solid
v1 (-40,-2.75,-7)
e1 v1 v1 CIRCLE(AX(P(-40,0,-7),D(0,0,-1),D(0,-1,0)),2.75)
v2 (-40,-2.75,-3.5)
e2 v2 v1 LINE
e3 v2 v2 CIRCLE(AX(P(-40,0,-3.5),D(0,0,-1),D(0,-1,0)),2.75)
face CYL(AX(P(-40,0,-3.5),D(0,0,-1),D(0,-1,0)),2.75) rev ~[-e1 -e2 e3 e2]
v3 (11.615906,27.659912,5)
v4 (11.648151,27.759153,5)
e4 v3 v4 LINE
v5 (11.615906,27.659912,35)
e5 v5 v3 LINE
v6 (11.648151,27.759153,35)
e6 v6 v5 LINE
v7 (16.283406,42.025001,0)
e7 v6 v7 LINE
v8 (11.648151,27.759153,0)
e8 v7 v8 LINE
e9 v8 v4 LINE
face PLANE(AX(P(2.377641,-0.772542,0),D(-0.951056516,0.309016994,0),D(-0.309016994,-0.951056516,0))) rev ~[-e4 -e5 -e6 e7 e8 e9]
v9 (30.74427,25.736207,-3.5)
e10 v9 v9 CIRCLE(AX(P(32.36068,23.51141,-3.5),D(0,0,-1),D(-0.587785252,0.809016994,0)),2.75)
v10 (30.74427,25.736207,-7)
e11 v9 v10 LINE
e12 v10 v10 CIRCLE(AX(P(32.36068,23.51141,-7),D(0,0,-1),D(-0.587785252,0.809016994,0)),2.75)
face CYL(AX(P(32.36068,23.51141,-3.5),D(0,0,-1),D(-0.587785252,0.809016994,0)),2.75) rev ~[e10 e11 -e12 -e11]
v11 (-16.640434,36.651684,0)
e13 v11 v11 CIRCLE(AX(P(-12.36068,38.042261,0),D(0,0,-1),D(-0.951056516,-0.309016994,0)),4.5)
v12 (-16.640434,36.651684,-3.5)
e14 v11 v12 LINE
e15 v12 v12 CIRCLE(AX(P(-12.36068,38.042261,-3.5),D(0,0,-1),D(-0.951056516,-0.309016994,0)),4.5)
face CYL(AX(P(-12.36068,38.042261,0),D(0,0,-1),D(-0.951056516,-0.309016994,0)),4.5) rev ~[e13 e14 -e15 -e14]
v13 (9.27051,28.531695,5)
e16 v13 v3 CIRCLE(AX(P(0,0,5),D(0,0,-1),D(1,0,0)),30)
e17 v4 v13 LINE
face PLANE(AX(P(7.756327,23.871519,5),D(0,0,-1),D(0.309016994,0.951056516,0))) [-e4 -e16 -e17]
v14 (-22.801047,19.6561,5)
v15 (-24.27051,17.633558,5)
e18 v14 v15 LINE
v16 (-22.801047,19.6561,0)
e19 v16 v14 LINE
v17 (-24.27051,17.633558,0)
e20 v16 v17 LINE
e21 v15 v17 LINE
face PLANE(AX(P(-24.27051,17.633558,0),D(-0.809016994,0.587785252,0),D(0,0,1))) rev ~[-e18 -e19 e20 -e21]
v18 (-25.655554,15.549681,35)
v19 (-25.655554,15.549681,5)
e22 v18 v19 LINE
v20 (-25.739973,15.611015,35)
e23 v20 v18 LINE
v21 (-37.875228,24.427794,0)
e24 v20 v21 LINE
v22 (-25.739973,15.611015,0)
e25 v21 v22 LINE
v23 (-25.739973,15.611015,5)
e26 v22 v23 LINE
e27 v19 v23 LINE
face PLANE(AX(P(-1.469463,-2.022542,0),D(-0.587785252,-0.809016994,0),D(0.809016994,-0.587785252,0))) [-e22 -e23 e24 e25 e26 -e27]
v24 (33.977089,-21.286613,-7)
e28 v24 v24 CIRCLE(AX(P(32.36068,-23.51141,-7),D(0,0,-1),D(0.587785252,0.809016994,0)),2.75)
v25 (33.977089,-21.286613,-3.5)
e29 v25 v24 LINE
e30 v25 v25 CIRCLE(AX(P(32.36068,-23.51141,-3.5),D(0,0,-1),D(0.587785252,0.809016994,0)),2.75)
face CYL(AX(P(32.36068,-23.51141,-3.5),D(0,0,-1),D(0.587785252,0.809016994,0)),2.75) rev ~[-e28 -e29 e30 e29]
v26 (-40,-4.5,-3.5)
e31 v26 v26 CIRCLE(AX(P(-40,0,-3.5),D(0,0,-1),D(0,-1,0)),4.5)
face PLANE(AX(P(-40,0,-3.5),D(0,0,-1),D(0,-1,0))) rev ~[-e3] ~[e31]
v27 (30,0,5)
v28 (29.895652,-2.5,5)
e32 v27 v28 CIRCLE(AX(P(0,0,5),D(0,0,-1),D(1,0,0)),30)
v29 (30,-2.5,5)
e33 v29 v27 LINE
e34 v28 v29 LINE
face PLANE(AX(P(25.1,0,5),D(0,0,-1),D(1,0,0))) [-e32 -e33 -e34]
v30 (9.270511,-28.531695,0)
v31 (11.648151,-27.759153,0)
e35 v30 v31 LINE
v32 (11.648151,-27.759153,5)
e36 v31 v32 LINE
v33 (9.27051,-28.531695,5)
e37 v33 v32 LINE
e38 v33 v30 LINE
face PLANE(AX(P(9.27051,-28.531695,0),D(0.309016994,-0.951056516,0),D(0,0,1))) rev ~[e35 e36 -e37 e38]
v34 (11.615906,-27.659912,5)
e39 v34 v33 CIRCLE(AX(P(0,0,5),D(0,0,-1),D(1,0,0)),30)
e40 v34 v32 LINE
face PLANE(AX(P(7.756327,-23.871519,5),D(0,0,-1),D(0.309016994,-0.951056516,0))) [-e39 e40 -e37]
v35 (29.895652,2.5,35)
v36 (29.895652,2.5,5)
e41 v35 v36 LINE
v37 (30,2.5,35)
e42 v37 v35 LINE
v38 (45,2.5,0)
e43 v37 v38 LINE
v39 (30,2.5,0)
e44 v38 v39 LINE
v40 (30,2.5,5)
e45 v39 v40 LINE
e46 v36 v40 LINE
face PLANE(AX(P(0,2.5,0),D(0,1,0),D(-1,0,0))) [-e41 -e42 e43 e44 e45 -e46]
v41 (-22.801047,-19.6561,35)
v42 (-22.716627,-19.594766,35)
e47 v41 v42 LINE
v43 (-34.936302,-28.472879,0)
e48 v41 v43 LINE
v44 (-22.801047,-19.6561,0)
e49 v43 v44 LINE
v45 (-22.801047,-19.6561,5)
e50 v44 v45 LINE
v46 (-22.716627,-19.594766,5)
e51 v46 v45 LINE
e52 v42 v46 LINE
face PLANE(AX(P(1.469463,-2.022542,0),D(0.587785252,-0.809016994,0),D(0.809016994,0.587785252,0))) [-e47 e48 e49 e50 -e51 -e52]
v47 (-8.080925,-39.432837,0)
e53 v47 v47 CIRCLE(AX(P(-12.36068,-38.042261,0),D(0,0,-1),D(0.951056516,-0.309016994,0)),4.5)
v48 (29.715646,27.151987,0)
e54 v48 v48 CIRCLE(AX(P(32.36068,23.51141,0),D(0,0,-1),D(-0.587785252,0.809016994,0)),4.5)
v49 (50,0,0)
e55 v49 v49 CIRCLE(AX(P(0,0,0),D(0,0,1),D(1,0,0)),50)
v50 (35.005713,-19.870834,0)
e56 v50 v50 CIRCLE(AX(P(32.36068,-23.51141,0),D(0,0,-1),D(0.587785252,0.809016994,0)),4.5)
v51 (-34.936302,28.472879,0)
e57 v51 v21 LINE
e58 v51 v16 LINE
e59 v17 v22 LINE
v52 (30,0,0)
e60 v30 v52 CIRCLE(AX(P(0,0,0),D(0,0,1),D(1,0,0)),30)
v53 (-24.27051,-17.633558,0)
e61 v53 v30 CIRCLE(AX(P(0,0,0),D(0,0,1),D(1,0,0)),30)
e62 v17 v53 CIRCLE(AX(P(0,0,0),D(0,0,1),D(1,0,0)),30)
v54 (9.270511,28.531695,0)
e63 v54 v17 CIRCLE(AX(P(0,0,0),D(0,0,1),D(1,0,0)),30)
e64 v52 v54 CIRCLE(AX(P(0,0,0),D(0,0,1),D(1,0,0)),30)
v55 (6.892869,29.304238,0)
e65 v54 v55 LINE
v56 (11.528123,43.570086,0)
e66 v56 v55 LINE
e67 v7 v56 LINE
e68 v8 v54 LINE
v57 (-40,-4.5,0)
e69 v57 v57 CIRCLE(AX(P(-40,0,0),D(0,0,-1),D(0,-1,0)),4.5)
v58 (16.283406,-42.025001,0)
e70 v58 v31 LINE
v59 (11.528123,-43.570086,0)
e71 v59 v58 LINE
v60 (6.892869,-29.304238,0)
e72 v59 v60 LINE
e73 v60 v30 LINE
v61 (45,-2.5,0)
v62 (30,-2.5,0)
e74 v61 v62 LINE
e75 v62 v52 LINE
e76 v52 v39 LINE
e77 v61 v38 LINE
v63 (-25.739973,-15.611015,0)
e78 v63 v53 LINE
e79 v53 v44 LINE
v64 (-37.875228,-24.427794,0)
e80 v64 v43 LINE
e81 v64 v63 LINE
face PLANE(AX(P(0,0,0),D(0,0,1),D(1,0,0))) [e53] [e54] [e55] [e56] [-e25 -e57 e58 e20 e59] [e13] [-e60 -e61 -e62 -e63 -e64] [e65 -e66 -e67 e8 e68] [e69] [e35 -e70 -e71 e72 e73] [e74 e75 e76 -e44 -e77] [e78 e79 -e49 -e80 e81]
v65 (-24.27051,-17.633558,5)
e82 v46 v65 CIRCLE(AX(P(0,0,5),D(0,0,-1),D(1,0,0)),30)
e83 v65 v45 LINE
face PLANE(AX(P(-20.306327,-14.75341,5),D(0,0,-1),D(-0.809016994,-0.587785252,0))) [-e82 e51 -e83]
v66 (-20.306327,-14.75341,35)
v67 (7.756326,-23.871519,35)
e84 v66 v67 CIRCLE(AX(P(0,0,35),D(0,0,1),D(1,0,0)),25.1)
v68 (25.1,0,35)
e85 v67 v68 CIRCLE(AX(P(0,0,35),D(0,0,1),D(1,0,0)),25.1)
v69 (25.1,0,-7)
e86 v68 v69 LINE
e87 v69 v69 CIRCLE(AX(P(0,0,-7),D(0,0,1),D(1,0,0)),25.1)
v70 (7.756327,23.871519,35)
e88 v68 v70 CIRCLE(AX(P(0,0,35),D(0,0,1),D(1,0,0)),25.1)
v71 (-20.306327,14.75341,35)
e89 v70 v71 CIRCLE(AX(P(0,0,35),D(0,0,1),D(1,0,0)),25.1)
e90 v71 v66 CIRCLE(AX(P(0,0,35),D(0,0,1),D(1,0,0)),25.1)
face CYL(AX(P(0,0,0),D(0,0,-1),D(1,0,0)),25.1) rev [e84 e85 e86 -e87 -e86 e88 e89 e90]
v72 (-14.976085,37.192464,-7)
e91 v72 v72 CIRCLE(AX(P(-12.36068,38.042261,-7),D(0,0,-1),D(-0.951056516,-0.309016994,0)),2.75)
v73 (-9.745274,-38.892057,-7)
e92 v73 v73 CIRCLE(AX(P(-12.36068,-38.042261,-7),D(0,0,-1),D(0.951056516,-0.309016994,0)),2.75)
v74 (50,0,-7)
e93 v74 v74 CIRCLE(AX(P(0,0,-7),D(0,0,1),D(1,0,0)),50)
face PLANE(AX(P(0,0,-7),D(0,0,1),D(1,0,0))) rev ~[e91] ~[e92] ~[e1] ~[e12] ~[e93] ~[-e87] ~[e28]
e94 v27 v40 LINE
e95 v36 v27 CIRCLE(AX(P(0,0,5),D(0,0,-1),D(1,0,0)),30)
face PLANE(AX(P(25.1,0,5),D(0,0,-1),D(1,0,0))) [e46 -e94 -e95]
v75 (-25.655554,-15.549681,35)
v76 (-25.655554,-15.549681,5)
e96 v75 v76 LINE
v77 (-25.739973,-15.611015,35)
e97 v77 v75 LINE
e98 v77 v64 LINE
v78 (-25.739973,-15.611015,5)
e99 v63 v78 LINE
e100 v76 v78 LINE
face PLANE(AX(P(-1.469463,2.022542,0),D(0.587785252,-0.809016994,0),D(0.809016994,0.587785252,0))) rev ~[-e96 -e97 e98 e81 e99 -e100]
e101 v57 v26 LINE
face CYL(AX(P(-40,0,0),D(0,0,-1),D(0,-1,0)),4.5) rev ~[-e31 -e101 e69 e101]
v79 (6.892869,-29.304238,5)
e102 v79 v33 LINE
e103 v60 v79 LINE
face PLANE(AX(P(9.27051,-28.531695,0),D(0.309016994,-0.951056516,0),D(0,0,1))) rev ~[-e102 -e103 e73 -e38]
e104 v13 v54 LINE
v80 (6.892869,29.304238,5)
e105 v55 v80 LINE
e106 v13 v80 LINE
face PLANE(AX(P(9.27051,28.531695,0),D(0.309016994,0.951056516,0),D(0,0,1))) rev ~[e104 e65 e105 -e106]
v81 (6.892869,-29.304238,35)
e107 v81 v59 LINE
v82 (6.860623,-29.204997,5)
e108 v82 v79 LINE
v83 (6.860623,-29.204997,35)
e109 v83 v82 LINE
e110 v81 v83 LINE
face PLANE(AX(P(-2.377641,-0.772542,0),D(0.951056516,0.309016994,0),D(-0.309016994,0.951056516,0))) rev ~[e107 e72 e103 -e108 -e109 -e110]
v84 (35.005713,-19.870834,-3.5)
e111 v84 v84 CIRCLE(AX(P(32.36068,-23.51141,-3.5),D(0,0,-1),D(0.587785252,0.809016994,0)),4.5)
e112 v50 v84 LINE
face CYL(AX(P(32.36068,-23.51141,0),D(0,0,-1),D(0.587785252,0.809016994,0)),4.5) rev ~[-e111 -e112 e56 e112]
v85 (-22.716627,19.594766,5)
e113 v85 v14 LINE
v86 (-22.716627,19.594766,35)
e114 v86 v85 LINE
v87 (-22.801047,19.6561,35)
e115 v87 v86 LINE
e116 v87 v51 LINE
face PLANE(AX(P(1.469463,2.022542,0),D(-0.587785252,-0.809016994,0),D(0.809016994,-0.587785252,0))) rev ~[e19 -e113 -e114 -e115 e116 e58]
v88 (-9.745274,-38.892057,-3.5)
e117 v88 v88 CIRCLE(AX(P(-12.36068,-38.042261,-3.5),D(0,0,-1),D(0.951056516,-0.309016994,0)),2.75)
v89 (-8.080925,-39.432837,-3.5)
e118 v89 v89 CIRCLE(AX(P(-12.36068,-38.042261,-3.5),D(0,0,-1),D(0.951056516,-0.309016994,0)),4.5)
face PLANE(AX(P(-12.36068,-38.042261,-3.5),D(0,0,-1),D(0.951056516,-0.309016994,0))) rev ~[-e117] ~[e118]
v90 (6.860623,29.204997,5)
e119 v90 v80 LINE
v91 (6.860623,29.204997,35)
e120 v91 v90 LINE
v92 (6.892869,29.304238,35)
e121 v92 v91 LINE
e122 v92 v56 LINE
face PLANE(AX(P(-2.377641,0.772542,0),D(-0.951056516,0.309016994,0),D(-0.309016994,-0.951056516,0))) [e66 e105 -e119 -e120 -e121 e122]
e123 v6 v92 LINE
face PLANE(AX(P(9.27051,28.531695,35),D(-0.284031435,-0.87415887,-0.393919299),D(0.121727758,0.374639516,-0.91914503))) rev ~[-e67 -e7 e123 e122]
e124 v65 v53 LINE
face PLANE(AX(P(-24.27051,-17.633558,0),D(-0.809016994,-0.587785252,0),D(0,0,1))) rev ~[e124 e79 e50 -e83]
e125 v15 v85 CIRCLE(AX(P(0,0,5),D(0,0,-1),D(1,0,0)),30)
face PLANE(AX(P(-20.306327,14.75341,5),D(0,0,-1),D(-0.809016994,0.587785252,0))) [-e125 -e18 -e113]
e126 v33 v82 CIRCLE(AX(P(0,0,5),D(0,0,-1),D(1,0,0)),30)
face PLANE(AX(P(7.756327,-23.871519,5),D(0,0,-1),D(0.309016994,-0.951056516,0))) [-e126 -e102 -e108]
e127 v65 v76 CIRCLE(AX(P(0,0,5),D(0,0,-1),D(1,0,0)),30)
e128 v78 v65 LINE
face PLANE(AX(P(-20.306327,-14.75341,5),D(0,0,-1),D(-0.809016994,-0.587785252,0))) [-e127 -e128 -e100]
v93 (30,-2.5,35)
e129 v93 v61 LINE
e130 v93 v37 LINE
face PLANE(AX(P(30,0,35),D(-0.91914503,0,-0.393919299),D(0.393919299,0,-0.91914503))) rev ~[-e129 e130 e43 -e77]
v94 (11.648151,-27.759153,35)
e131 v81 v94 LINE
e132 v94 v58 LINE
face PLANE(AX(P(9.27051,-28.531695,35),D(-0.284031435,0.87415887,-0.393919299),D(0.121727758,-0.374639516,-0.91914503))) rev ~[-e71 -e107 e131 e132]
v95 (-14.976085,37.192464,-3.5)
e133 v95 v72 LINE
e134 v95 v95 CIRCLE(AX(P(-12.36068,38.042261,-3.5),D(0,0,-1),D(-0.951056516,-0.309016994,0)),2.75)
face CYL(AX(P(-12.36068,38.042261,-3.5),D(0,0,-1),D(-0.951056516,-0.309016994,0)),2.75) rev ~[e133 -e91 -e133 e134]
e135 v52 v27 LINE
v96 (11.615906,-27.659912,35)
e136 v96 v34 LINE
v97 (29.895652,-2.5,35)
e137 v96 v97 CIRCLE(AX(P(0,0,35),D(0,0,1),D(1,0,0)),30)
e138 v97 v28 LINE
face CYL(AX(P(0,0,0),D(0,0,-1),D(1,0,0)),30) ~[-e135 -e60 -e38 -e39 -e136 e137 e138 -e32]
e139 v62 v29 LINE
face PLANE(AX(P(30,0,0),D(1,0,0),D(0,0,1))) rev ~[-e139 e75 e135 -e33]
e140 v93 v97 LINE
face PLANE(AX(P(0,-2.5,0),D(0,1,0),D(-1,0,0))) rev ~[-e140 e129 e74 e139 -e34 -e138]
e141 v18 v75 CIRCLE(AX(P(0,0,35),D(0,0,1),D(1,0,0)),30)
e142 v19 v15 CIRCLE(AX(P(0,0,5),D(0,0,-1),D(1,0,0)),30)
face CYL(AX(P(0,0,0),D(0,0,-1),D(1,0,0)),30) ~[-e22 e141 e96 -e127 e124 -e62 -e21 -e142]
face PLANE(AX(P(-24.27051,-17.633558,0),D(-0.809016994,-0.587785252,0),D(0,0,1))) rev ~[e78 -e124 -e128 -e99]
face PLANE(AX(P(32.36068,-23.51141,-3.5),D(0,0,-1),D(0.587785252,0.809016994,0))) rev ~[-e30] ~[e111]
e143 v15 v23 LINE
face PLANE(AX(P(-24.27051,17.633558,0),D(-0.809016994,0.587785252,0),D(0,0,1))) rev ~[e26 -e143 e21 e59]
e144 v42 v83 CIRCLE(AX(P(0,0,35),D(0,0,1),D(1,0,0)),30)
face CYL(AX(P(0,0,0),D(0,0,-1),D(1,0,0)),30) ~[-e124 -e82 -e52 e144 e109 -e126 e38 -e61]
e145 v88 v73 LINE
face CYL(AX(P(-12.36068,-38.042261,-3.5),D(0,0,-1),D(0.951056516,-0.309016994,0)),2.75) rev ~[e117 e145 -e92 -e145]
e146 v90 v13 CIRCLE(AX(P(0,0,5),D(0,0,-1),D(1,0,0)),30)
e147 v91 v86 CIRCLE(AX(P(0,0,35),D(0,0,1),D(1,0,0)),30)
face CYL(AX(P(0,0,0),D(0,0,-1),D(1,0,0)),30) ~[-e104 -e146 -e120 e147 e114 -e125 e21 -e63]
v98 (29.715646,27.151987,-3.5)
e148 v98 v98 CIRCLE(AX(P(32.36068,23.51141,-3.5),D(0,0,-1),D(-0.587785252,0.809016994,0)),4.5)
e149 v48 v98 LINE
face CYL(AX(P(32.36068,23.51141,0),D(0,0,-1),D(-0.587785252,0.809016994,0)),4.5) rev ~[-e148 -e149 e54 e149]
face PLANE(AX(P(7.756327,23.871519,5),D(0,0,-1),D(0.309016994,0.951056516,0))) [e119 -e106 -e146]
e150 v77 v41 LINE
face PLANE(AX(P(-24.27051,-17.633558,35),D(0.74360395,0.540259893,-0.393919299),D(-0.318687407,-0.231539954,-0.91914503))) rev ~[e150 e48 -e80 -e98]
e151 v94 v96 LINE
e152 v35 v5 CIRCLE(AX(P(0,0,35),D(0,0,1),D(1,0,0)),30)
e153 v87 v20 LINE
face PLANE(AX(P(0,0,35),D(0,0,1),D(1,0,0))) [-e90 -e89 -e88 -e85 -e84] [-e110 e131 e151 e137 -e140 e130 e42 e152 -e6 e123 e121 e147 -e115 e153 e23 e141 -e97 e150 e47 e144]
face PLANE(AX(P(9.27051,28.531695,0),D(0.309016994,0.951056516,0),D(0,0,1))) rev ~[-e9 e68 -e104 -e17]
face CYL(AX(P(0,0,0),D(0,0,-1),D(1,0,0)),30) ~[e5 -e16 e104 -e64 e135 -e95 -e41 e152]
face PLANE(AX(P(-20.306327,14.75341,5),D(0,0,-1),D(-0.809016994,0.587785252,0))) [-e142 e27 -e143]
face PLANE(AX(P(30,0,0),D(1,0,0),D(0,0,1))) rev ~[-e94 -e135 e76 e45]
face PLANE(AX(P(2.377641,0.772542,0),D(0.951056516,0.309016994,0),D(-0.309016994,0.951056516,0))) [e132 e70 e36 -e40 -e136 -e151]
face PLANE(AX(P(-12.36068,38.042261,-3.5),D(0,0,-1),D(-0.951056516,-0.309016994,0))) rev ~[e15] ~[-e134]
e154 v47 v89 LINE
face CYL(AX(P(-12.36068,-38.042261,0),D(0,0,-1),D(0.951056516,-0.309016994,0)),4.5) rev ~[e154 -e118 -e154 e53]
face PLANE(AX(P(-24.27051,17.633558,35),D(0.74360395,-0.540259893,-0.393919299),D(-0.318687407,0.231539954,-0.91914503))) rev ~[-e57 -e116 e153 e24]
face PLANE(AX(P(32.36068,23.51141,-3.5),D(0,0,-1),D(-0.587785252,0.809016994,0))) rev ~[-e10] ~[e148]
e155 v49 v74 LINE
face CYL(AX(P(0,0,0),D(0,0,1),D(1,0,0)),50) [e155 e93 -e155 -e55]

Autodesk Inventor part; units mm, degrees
ref_plane "YZ Plane" through (0, 0, 0) normal (1, 0, 0) x (0, 1, 0)
ref_plane "XZ Plane" through (0, 0, 0) normal (0, 1, 0) x (-1, 0, 0)
ref_plane "XY Plane" through (0, 0, 0) normal (0, 0, 1) x (1, 0, 0)
sketch "Skizze1" plane through (0, 0, 0) normal (0, 0, 1) x (1, 0, 0)
  circle A0 centre (0, 0) radius 25.1
  circle A1 centre (0, 0) radius 50
  circle A2 centre (0, 0) radius 30
  dimension "d0" = 50.2
  dimension "d1" = 100
  dimension "d2" = 60
extrude "Extrusion1" add sketch "Skizze1" against normal blind 7 contours A1 | A2
extrude "Extrusion2" add sketch "Skizze1" along normal blind 35 contours A2
sketch "Skizze2" plane through (0, 0, 0) normal (0, 1, 0) x (-1, 0, 0)
  line L0 (50, 0) -> (50, -7) projected
  line L1 (50, -7) -> (25.1, -7) projected
  line L2 (25.1, -7) -> (25.1, 35) projected
  line L3 (25.1, 35) -> (30, 35) projected
  line L4 (30, 35) -> (30, 0) projected
  line L5 (30, 0) -> (50, 0) projected
  line L6 (-50, -7) -> (-50, 0) projected
  line L7 (-50, 0) -> (-30, 0) projected
  line L8 (-30, 0) -> (-30, 35) projected
  line L9 (-30, 35) -> (-25.1, 35) projected
  line L10 (-25.1, 35) -> (-25.1, -7) projected
  line L11 (-25.1, -7) -> (-50, -7) projected
  line L12 (-30, 35) -> (-45, 0)
  line L13 (-30, 35) -> (-30, 0)
  line L14 (-30, 0) -> (-45, 0)
  line L15 (-25.1, 5) -> (-30, 5)
  line L16 (-30, 5) -> (-30, 35)
  line L17 (-30, 35) -> (-25.1, 35)
  line L18 (-25.1, 35) -> (-25.1, 5)
  line L19 (0, -12) -> (0, 37) projected
  point P0 (0, 0)
  dimension "d7" = 5
extrude "Extrusion3" add sketch "Skizze2" along normal mid plane 5 contours L12 L8 L7 | L15 L8 L9 L10
pattern_circular "Runde Anordnung1" count 5 over 360 about axis through (0, 0, -10) along (0, 0, 1) of "Extrusion3"
sketch "Skizze3" plane through (0, 0, 0) normal (0, 0, 1) x (1, 0, 0)
  arc A0 (9.2705, -28.5317) -> (30, 0) centre (0, 0) ccw projected
  circle A1 centre (0, 0) radius 40 construction
  point P0 (11.6159, -27.6599)
  point P1 (29.8957, -2.5)
  point P2 (-40, 0)
  dimension "d14" = 80
hole "Bohrung1" at (-40, 0, 0) direction (0, 0, -1) diameter 5.5 end through all counterbore diameter 9 counterbore depth 3.5 clearance for "Zylinderschraube mit Schlitz DIN 84" size "M5" standard "DIN"
pattern_circular "Runde Anordnung2" count 5 over 360 about axis through (0, 0, -10) along (0, 0, 1) of "Bohrung1"
equation "\"d0\" = ht_diameter + 2 * gap_fit"
equation "\"kg_thickness\" = 4.9"
equation "\"ht_thickness\" = 1.9"
equation "\"case_thickness\" = 18"
equation "\"gap_fit\" = 0.1"
equation "\"gap_slide\" = 0.2"
equation "\"gap_air\" = 1"
equation "\"bore_diameter\" = 73"
equation "\"mdf_thickness\" = 6"
equation "\"tape_thickness\" = 3"
equation "\"tape_width\" = 15"
equation "\"inner_thickness\" = 15"
equation "\"inner_depth\" = 255"
equation "\"ht_diameter\" = 50"
properties part number "Zyklon_Flansch"
